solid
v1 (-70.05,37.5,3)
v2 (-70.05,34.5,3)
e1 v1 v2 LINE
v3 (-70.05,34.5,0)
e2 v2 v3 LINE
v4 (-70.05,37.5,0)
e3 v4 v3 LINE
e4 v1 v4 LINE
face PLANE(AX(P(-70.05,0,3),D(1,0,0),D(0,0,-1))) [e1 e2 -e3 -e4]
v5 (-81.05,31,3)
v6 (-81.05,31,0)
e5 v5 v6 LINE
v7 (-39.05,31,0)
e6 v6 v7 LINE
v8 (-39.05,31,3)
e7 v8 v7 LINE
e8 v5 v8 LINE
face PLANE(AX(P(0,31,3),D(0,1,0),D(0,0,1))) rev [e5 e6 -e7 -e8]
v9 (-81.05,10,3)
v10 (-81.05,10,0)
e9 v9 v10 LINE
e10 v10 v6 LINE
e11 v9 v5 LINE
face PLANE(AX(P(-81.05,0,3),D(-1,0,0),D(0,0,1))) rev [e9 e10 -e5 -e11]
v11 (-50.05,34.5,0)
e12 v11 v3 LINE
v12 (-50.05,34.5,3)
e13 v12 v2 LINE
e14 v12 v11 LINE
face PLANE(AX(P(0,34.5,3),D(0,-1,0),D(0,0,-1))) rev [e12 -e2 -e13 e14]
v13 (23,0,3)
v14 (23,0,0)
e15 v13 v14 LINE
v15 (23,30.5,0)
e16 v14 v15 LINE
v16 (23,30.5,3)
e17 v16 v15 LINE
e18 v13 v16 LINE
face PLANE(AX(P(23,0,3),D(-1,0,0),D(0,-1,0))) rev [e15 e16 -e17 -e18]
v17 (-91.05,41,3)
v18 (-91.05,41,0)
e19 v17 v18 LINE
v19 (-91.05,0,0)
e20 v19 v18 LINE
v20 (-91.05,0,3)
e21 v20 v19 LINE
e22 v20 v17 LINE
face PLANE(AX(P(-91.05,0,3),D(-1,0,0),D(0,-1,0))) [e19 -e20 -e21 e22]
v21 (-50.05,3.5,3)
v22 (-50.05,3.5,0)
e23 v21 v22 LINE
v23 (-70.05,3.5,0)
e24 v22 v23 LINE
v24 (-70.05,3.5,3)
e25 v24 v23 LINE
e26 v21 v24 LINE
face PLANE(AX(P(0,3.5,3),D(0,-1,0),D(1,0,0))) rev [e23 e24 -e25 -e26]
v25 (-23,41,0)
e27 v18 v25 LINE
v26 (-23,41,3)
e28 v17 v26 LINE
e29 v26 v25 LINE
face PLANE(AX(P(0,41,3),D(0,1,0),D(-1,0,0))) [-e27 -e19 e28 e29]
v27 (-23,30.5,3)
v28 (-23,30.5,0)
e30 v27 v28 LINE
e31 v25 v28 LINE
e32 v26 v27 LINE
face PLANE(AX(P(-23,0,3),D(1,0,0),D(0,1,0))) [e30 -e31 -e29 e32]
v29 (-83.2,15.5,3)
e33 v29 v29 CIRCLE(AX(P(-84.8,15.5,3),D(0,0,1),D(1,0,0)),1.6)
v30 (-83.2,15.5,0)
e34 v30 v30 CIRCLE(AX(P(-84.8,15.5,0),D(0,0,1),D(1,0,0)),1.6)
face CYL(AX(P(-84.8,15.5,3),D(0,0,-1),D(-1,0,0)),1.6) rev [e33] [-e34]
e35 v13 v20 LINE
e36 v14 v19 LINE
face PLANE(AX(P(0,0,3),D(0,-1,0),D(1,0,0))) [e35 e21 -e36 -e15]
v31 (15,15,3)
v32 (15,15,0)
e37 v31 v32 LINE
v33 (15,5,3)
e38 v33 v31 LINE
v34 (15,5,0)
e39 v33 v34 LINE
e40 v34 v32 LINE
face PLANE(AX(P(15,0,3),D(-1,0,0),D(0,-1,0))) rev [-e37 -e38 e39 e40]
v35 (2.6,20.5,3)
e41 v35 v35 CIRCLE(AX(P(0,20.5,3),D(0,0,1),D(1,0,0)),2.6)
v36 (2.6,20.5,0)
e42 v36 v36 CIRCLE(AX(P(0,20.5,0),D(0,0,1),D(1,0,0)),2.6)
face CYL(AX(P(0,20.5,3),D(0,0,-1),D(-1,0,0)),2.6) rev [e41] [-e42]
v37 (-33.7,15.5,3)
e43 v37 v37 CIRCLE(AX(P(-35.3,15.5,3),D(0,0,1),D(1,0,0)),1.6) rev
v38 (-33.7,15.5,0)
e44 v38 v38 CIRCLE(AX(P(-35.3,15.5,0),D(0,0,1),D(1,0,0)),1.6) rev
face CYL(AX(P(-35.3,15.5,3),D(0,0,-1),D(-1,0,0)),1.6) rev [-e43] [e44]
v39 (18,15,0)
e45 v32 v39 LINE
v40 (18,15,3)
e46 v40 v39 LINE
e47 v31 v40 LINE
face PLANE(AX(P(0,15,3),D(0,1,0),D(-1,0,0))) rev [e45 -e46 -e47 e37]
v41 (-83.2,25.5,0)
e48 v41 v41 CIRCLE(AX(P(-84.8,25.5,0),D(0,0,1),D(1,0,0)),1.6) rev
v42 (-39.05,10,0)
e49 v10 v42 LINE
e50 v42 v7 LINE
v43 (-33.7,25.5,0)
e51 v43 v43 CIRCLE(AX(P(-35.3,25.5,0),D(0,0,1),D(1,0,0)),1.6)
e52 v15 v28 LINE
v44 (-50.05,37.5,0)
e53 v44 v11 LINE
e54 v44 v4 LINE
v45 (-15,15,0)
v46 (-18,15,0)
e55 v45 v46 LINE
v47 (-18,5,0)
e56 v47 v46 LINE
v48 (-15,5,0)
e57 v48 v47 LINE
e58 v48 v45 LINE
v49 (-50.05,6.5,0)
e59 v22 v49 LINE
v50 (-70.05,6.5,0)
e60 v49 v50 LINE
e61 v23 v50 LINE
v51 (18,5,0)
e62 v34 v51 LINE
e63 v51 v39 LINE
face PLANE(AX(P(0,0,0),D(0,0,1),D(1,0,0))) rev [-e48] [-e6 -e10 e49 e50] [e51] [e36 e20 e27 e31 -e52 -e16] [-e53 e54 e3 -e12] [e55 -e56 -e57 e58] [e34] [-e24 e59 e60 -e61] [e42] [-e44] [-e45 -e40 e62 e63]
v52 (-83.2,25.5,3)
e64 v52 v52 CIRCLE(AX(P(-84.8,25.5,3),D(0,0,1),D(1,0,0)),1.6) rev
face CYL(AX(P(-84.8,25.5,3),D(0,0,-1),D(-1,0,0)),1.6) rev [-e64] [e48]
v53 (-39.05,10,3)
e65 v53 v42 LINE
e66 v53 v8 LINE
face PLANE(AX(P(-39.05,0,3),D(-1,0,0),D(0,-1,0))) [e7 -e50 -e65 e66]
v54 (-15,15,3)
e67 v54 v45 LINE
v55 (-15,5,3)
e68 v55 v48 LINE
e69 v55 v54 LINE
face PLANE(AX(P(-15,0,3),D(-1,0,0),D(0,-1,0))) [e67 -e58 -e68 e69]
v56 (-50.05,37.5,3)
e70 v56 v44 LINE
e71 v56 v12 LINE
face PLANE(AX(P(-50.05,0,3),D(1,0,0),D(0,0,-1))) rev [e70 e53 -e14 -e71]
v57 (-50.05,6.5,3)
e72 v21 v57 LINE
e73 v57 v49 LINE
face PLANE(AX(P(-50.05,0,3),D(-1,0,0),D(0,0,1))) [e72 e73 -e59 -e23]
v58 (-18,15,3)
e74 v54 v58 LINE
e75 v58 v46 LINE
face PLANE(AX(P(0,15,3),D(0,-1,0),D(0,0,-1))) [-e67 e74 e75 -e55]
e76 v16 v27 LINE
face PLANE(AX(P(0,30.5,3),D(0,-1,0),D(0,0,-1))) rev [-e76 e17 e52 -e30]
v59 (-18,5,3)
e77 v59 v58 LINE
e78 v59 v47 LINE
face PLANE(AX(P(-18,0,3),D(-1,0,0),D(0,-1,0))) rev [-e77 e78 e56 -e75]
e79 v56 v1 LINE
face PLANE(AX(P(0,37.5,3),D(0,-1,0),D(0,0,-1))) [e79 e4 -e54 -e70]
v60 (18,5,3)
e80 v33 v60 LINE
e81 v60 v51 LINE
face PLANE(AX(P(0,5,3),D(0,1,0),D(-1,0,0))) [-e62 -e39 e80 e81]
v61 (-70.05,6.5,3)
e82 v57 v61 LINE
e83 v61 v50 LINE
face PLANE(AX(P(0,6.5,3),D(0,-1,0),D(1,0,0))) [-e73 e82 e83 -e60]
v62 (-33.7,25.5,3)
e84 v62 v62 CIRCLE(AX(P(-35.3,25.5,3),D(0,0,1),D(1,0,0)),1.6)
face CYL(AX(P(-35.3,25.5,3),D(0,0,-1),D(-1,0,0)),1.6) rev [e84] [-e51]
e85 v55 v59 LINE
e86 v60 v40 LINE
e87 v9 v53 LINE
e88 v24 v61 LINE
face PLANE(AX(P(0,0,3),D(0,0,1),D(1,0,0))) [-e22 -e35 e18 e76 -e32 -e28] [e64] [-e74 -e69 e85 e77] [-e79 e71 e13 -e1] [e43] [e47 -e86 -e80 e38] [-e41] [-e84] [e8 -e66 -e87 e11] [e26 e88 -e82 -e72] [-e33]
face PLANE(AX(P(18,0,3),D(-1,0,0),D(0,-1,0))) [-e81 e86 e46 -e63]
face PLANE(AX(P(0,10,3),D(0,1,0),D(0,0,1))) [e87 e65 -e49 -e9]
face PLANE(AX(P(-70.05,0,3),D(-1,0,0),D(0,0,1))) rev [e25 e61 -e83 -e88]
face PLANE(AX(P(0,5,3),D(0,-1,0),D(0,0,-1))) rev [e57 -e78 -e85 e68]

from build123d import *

# Parameters (mm, degrees)
ESBO_O1_W                = 20
ESBO_O1_H                = 3
ESBO_O1_R                = 1.6
ESBO_O1_W_2              = 42
ESBO_O1_H_2              = 21
ESBO_O1_W_3              = 3
ESBO_O1_H_3              = 10
ESBO_O1_R_2              = 2.6
RESSALTO_EXTRUS_O1_DEPTH = 3


with BuildPart() as part:
    # Esboço1 → Ressalto-extrusão1 (new body)
    with BuildSketch(Plane.XY):
        Polygon((-23, 0), (23, 0), (23, 30.5), (-23, 30.5), (-23, 41), (-91.05, 41), (-91.05, 0), align=None)
        with Locations((-60.05, 5)):
            Rectangle(ESBO_O1_W, ESBO_O1_H, mode=Mode.SUBTRACT)
        with Locations((-84.8, 15.5)):
            Circle(ESBO_O1_R, mode=Mode.SUBTRACT)
        with Locations((-60.05, 20.5)):
            Rectangle(ESBO_O1_W_2, ESBO_O1_H_2, mode=Mode.SUBTRACT)
        with Locations((-35.3, 15.5)):
            Circle(ESBO_O1_R, mode=Mode.SUBTRACT)
        with Locations((-16.5, 10)):
            Rectangle(ESBO_O1_W_3, ESBO_O1_H_3, mode=Mode.SUBTRACT)
        with Locations((16.5, 10)):
            Rectangle(ESBO_O1_W_3, ESBO_O1_H_3, mode=Mode.SUBTRACT)
        with Locations((0, 20.5)):
            Circle(ESBO_O1_R_2, mode=Mode.SUBTRACT)
        with Locations((-84.8, 25.5)):
            Circle(ESBO_O1_R, mode=Mode.SUBTRACT)
        with Locations((-35.3, 25.5)):
            Circle(ESBO_O1_R, mode=Mode.SUBTRACT)
        with Locations((-60.05, 36)):
            Rectangle(ESBO_O1_W, ESBO_O1_H, mode=Mode.SUBTRACT)
    extrude(amount=RESSALTO_EXTRUS_O1_DEPTH)


solid = part.part
